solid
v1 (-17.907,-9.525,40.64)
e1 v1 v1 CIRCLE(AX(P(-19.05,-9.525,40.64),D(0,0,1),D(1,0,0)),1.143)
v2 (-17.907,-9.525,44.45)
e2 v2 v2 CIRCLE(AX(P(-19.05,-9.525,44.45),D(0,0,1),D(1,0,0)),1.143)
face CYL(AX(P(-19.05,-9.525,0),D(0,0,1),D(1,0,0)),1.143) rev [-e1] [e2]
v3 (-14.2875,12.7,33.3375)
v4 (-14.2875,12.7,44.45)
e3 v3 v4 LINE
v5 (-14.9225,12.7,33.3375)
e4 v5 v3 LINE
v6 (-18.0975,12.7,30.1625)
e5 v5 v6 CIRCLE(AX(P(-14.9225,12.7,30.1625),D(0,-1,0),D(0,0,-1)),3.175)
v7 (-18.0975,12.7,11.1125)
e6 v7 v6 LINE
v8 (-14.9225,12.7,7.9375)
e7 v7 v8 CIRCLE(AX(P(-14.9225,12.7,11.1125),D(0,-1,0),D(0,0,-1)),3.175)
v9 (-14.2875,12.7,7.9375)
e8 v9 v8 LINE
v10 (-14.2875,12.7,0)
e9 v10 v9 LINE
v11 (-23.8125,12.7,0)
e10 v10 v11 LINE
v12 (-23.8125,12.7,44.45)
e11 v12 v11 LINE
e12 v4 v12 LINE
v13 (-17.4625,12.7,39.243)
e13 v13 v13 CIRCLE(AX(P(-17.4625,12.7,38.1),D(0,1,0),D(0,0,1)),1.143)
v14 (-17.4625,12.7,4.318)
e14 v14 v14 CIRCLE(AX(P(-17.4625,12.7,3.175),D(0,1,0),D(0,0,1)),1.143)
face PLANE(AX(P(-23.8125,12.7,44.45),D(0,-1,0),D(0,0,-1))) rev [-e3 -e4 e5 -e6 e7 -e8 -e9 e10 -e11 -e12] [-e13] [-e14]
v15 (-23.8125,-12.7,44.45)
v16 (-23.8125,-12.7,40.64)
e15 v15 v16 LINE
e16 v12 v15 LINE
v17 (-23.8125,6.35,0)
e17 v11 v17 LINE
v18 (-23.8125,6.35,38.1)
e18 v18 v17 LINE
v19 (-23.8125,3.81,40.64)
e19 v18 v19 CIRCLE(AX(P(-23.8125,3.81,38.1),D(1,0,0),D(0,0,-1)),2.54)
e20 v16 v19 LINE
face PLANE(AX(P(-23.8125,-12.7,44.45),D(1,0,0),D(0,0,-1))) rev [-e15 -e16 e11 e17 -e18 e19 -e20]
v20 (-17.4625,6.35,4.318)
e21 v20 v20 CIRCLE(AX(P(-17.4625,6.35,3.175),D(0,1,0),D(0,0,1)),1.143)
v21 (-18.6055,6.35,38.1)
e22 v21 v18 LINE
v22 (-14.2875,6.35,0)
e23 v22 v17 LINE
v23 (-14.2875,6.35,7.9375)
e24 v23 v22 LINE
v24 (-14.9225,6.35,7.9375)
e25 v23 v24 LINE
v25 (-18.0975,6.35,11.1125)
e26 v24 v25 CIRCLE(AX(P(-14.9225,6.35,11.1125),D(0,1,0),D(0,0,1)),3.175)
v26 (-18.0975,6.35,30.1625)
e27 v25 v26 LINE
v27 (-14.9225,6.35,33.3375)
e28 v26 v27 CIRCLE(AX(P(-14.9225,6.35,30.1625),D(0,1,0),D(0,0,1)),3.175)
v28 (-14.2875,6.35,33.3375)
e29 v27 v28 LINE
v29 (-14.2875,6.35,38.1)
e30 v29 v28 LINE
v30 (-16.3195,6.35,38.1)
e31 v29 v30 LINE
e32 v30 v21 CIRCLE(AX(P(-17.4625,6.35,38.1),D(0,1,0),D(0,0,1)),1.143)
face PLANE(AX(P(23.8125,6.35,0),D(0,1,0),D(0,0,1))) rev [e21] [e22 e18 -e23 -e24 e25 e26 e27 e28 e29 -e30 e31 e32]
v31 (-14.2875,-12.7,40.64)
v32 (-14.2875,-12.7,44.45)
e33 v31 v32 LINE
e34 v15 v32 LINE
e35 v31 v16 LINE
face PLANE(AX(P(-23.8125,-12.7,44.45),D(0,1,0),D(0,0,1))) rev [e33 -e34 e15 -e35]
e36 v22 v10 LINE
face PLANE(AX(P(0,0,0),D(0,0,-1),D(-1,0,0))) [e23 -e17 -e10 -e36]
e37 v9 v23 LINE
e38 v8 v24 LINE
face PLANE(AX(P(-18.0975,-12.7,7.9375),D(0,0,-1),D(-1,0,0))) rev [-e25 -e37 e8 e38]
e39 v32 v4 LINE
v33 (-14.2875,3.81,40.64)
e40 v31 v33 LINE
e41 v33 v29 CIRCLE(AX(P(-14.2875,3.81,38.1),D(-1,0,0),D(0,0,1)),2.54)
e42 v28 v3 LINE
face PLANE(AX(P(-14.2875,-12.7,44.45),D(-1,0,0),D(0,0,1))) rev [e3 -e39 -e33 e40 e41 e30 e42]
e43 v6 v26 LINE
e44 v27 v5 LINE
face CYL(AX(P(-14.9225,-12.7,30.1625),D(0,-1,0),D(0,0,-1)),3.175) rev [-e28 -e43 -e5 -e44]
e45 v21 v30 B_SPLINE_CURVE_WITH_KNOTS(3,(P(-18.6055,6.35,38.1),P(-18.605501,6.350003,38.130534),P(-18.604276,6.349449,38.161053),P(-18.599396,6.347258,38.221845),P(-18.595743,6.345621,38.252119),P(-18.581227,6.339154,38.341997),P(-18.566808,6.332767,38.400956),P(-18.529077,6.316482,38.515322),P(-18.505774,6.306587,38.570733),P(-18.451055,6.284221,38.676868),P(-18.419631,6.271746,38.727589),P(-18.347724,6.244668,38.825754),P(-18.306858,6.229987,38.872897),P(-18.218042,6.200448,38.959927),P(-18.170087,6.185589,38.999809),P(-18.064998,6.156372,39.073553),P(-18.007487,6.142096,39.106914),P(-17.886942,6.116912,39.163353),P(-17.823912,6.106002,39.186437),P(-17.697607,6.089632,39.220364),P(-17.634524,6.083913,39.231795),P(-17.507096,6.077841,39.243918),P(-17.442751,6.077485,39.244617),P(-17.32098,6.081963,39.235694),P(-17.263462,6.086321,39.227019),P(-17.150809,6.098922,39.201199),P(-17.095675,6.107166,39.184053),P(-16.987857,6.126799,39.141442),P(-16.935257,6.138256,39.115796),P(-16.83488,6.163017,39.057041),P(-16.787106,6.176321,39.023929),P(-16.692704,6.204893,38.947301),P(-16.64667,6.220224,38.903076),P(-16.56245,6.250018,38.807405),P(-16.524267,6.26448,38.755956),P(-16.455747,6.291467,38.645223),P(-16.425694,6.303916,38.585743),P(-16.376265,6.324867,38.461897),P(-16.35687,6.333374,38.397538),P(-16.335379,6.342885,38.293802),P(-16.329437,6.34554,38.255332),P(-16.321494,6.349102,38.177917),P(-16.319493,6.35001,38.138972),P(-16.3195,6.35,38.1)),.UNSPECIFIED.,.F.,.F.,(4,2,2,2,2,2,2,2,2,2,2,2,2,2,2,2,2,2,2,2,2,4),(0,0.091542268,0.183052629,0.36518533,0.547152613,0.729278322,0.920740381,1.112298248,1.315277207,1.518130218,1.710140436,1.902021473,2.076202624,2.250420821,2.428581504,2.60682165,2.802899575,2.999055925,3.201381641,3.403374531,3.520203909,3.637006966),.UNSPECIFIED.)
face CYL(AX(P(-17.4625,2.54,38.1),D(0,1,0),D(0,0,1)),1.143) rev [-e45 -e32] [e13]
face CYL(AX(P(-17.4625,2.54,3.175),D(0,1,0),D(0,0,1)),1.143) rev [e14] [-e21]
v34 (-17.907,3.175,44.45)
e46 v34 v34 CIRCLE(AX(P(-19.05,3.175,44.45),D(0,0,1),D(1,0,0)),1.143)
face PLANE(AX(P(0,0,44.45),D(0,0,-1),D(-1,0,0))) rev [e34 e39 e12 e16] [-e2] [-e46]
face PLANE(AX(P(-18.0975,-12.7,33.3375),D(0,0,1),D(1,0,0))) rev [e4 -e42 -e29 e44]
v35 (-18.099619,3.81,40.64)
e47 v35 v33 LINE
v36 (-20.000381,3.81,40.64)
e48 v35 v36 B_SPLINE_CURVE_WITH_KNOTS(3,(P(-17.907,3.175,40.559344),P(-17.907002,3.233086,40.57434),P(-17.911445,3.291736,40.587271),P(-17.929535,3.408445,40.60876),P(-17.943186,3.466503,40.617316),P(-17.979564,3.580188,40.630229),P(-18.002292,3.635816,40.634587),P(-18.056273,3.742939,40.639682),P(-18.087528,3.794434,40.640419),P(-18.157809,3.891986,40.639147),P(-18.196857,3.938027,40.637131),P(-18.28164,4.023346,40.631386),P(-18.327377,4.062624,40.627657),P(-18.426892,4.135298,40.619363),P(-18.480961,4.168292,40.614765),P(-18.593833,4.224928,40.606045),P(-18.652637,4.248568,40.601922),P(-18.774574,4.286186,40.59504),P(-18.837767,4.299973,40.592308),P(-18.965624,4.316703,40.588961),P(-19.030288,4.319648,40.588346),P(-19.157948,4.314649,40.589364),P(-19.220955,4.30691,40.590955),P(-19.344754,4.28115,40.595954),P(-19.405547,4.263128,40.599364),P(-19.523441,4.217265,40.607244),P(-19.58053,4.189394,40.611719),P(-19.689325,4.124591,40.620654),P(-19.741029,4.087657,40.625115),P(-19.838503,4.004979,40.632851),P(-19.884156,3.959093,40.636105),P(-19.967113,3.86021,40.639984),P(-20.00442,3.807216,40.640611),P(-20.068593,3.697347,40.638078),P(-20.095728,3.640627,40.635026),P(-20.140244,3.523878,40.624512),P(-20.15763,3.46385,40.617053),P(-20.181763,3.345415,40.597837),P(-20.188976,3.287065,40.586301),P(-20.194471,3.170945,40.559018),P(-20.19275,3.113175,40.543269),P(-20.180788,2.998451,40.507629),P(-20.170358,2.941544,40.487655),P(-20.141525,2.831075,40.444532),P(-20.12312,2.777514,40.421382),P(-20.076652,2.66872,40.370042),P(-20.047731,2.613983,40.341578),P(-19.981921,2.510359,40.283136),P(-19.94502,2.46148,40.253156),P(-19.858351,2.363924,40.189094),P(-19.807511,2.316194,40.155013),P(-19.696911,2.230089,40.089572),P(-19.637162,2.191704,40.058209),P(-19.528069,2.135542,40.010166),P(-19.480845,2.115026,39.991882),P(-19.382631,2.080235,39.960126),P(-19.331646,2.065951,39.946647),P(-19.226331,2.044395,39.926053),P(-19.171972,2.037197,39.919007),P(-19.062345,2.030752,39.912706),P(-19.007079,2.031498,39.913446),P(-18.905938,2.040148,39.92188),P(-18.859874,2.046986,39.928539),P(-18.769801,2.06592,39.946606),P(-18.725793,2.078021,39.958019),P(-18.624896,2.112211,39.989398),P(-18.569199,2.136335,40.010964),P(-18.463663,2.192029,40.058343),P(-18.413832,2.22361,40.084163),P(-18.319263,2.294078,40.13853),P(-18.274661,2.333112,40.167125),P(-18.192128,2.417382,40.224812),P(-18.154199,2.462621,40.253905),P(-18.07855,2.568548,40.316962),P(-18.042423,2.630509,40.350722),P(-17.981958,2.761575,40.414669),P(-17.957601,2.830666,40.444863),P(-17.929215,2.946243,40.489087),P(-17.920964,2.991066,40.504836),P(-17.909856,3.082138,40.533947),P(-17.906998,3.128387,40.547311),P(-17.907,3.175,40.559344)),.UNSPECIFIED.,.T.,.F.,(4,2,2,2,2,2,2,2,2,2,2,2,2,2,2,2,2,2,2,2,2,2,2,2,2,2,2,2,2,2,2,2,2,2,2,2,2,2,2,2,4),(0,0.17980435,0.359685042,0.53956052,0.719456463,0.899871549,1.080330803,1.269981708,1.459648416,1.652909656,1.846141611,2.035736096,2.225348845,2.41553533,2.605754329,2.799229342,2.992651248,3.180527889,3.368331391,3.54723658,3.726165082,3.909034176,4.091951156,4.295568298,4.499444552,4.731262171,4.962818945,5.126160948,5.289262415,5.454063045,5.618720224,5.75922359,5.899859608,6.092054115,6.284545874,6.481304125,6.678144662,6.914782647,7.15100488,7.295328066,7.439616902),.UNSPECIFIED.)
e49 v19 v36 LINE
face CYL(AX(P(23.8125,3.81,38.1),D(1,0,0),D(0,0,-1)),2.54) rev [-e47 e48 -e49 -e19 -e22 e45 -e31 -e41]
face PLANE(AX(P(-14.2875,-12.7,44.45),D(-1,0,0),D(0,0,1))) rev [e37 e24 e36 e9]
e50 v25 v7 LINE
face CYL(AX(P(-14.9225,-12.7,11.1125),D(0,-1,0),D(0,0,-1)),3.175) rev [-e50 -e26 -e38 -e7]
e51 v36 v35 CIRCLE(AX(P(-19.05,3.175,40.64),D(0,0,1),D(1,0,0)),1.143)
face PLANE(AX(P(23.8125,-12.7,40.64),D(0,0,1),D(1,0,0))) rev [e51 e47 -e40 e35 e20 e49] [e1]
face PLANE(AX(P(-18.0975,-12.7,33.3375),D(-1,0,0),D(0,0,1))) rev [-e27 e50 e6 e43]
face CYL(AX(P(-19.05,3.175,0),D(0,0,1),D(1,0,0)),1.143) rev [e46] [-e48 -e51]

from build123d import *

# Parameters (mm, degrees)
SKETCH2_W           = 47.625
SKETCH2_H           = 25.4
BOSS_EXTRUDE1_DEPTH = 44.45
SKETCH3_W           = 28.575
SKETCH3_H           = 44.45
CUT_EXTRUDE1_DEPTH  = 26.4
SKETCH4_W           = 40.64
SKETCH4_H           = 19.05
CUT_EXTRUDE2_DEPTH  = 48.625
FILLET1_R           = 2.54
FILLET2_R           = 2.54
SKETCH5_R           = 1.143
CUT_EXTRUDE3_DEPTH  = 45.45
SKETCH6_R           = 1.143
CUT_EXTRUDE4_DEPTH  = 45.45
SKETCH7_R           = 1.143
CUT_EXTRUDE5_DEPTH  = 10.16
SKETCH8_W           = 36.195
SKETCH8_H           = 25.4
CUT_EXTRUDE6_DEPTH  = 26.4
FILLET3_R           = 3.175
FILLET4_R           = 3.175
SKETCH9_W           = 87.912640597
SKETCH9_H           = 53.774742358
CUT_EXTRUDE7_DEPTH  = 35.56


with BuildPart() as part:
    # Sketch2 → Boss-Extrude1 (new body)
    with BuildSketch(Plane.XY):
        Rectangle(SKETCH2_W, SKETCH2_H)
    extrude(amount=BOSS_EXTRUDE1_DEPTH)

    # Sketch3 → Cut-Extrude1 (cut, through all)
    with BuildSketch(Plane(origin=(0, 12.7, 0), x_dir=(1, 0, 0), z_dir=(0, 1, 0))):
        with Locations((0, -22.225)):
            Rectangle(SKETCH3_W, SKETCH3_H)
    extrude(amount=-CUT_EXTRUDE1_DEPTH, mode=Mode.SUBTRACT)

    # Sketch4 → Cut-Extrude2 (cut, through all)
    with BuildSketch(Plane.ZY.offset(23.8125)):
        with Locations((20.32, -3.175)):
            Rectangle(SKETCH4_W, SKETCH4_H)
    extrude(amount=-CUT_EXTRUDE2_DEPTH, mode=Mode.SUBTRACT)

    # Fillet1
    fillet1_edges = [part.edges().sort_by_distance(p)[0] for p in [
        (19.05, 6.35, 40.64),
    ]]
    fillet(fillet1_edges, radius=FILLET1_R)

    # Fillet2
    fillet2_edges = [part.edges().sort_by_distance(p)[0] for p in [
        (-19.05, 6.35, 40.64),
    ]]
    fillet(fillet2_edges, radius=FILLET2_R)

    # Sketch5 → Cut-Extrude3 (cut, through all)
    with BuildSketch(Plane.XY.offset(44.45)):
        with Locations((-19.05, -9.525)):
            Circle(SKETCH5_R)
        with Locations((-19.05, 3.175)):
            Circle(SKETCH5_R)
    extrude(amount=-CUT_EXTRUDE3_DEPTH, mode=Mode.SUBTRACT)

    # Sketch6 → Cut-Extrude4 (cut, through all)
    with BuildSketch(Plane.XY.offset(44.45)):
        with Locations((19.05, -9.525)):
            Circle(SKETCH6_R)
        with Locations((19.05, 3.175)):
            Circle(SKETCH6_R)
    extrude(amount=-CUT_EXTRUDE4_DEPTH, mode=Mode.SUBTRACT)

    # Sketch7 → Cut-Extrude5 (cut)
    with BuildSketch(Plane(origin=(0, 12.7, 0), x_dir=(1, 0, 0), z_dir=(0, 1, 0))):
        with Locations((-17.4625, -38.1)):
            Circle(SKETCH7_R)
        with Locations((17.4625, -38.1)):
            Circle(SKETCH7_R)
        with Locations((-17.4625, -3.175)):
            Circle(SKETCH7_R)
        with Locations((17.4625, -3.175)):
            Circle(SKETCH7_R)
    extrude(amount=-CUT_EXTRUDE5_DEPTH, mode=Mode.SUBTRACT)

    # Sketch8 → Cut-Extrude6 (cut, through all)
    with BuildSketch(Plane(origin=(0, 12.7, 0), x_dir=(1, 0, 0), z_dir=(0, 1, 0))):
        with Locations((0, -20.6375)):
            Rectangle(SKETCH8_W, SKETCH8_H)
    extrude(amount=-CUT_EXTRUDE6_DEPTH, mode=Mode.SUBTRACT)

    # Fillet3
    fillet3_edges = [part.edges().sort_by_distance(p)[0] for p in [
        (-18.0975, 9.525, 33.3375),
        (-18.0975, 9.525, 7.9375),
    ]]
    fillet(fillet3_edges, radius=FILLET3_R)

    # Fillet4
    fillet4_edges = [part.edges().sort_by_distance(p)[0] for p in [
        (18.0975, 9.525, 7.9375),
        (18.0975, 9.525, 33.3375),
    ]]
    fillet(fillet4_edges, radius=FILLET4_R)

    # Sketch9 → Cut-Extrude7 (cut)
    with BuildSketch(Plane(origin=(0, 0, 0), x_dir=(0, 0, -1), z_dir=(1, 0, 0))):
        with Locations((-24.289386177, -0.100701765)):
            Rectangle(SKETCH9_W, SKETCH9_H)
    extrude(amount=CUT_EXTRUDE7_DEPTH, mode=Mode.SUBTRACT)


solid = part.part
